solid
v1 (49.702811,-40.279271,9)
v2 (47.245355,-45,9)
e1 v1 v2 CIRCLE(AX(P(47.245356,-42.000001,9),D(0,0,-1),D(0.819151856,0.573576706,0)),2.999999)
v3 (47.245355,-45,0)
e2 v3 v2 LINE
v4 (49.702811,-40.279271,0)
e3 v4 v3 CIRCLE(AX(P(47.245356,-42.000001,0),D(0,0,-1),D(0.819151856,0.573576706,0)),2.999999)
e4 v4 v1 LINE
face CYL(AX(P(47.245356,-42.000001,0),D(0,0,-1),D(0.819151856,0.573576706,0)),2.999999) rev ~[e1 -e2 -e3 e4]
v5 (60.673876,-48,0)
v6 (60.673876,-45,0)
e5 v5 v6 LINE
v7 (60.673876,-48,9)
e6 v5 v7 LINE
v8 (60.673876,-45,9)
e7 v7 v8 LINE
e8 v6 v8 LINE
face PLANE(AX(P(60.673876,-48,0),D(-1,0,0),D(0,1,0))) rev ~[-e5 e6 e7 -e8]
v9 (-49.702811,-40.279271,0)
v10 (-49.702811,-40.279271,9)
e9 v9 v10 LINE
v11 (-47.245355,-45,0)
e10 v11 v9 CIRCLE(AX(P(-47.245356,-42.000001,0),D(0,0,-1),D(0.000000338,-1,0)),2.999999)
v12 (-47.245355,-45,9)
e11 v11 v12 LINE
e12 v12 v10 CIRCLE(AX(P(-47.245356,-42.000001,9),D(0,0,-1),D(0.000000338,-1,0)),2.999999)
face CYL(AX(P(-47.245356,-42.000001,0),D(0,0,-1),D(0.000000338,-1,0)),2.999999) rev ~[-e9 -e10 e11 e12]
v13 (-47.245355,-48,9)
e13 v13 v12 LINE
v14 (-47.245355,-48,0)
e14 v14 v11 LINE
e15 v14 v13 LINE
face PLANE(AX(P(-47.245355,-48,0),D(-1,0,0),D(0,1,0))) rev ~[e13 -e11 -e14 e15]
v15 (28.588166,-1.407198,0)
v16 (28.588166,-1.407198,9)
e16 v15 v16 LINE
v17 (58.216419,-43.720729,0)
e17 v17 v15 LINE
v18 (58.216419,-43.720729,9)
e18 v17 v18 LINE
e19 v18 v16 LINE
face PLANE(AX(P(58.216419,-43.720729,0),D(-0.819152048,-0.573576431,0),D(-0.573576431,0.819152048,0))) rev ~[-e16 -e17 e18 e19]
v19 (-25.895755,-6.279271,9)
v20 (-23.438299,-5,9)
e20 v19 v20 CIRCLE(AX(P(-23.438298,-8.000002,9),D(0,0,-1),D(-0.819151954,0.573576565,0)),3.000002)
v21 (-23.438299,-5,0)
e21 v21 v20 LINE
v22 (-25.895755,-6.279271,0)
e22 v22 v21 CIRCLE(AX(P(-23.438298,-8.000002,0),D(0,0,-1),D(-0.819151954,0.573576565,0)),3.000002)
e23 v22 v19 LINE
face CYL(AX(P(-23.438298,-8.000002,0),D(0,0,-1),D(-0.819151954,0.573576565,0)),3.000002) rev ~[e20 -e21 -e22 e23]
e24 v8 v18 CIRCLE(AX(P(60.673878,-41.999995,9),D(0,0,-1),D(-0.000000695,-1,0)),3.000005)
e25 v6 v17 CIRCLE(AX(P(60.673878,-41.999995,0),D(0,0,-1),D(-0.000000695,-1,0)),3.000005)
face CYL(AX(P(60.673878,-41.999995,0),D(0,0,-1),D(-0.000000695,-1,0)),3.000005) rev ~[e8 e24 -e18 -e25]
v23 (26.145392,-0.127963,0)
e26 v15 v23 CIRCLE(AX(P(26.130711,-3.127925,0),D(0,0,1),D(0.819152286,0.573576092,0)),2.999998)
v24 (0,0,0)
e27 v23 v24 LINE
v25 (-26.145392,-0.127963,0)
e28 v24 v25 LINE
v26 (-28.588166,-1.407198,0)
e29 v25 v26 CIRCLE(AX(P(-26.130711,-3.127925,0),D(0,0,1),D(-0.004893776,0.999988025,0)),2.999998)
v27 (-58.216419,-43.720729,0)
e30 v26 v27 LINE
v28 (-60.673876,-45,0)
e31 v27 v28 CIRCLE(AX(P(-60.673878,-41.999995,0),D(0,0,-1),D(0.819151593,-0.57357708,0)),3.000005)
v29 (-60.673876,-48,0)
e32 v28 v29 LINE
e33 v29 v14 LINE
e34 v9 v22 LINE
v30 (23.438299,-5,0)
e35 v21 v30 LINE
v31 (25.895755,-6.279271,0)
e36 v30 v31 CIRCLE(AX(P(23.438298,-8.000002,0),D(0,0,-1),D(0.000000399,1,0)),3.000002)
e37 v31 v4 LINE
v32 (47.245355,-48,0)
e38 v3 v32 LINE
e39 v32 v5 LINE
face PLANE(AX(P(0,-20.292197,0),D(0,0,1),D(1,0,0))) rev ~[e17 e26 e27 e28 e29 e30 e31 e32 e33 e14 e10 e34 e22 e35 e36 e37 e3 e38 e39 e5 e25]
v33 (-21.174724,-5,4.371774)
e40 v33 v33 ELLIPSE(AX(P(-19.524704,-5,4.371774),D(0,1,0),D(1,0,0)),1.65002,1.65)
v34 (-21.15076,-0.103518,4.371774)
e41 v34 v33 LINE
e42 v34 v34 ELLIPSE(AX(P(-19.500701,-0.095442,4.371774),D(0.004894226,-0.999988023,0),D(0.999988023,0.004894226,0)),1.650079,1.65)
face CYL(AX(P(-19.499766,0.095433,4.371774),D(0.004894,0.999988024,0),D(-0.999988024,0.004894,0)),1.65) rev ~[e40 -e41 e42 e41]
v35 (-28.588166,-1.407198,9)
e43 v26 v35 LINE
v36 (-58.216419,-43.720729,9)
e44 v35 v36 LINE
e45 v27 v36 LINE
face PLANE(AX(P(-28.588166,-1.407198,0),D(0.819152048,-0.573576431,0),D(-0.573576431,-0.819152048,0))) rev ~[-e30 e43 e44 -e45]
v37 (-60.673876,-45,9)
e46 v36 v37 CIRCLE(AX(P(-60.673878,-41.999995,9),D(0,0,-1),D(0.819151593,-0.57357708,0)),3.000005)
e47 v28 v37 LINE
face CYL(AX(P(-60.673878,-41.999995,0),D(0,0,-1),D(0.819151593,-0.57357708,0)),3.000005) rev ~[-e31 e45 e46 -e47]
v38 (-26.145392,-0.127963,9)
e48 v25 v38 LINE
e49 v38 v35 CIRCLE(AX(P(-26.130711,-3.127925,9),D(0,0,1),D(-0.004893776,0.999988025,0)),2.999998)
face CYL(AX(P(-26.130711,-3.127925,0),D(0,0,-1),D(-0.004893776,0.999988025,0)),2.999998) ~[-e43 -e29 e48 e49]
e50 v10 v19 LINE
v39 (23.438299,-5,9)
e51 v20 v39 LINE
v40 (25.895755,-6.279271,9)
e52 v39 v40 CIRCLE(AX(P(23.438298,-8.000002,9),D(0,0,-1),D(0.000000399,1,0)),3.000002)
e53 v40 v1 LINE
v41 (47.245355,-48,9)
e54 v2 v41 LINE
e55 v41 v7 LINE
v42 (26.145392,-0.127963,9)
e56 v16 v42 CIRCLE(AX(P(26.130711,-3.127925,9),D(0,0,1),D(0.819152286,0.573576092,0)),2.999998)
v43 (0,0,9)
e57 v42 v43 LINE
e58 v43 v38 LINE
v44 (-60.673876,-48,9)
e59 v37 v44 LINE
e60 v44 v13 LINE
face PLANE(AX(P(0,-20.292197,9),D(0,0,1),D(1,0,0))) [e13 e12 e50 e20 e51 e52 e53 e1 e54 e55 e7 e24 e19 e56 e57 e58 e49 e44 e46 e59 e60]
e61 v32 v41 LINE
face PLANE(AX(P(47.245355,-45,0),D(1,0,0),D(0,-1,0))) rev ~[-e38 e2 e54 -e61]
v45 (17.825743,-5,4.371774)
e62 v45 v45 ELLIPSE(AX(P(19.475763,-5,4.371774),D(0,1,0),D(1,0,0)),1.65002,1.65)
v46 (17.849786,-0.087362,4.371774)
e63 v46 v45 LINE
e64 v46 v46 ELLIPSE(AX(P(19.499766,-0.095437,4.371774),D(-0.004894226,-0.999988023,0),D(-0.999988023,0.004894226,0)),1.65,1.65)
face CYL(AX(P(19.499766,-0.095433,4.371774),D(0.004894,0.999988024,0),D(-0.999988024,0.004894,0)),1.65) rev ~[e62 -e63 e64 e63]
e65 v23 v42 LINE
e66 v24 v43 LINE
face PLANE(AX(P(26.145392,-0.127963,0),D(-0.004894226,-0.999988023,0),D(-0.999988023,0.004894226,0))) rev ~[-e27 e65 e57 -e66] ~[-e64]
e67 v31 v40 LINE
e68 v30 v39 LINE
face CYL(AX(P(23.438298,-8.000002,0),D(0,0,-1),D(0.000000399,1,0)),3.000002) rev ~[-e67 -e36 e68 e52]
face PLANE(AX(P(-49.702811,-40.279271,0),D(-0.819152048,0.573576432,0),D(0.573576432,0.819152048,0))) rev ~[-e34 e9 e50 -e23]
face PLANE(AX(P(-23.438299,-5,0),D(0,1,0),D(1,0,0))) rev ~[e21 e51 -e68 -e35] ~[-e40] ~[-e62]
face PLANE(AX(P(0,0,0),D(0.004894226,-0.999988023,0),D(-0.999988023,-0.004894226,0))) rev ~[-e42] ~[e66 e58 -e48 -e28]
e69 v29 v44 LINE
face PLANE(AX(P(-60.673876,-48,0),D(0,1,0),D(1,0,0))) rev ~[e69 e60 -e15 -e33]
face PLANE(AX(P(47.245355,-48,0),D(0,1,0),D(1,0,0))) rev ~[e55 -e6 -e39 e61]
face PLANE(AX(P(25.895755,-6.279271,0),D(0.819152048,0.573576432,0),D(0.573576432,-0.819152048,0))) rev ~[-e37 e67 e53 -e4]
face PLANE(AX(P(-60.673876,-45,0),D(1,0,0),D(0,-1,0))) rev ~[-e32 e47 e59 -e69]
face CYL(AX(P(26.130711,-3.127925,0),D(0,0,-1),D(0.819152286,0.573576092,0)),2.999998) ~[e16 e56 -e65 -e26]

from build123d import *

# Parameters (mm, degrees)
F1_DEPTH = 9
F2_R     = 1.65
F3_DEPTH = 25


with BuildPart() as f1:
    # F0 (on Top) → F1 (new body)
    with BuildSketch(Plane.XY):
        with BuildLine():
            Line((-49.702811, -40.279271), (-25.895755, -6.279271))
            ThreePointArc((-25.895755, -6.279271), (-24.823545, -5.338968), (-23.438299, -5))
            Line((-23.438299, -5), (0, -5))
            Line((0, -5), (23.438299, -5))
            ThreePointArc((23.438299, -5), (24.823545, -5.338968), (25.895755, -6.279271))
            Line((25.895755, -6.279271), (49.702811, -40.279271))
            ThreePointArc((49.702811, -40.279271), (49.906388, -43.385246), (47.245355, -45))
            Line((47.245355, -45), (47.245355, -48))
            Line((47.245355, -48), (60.673876, -48))
            Line((60.673876, -48), (60.673876, -45))
            ThreePointArc((60.673876, -45), (59.28863, -44.661032), (58.216419, -43.720729))
            Line((58.216419, -43.720729), (28.588166, -1.407198))
            ThreePointArc((28.588166, -1.407198), (27.522463, -0.470292), (26.145392, -0.127963))
            Line((26.145392, -0.127963), (0, 0))
            Line((0, 0), (-26.145392, -0.127963))
            ThreePointArc((-26.145392, -0.127963), (-27.522463, -0.470292), (-28.588166, -1.407198))
            Line((-28.588166, -1.407198), (-58.216419, -43.720729))
            ThreePointArc((-58.216419, -43.720729), (-59.28863, -44.661032), (-60.673876, -45))
            Line((-60.673876, -45), (-60.673876, -48))
            Line((-60.673876, -48), (-47.245355, -48))
            Line((-47.245355, -48), (-47.245355, -45))
            ThreePointArc((-47.245355, -45), (-49.906388, -43.385246), (-49.702811, -40.279271))
        make_face()
    extrude(amount=F1_DEPTH)

    # F2 (on face) → F3 (cut)
    with BuildSketch(Plane(origin=(0, 0, 0), x_dir=(-0.999988, 0.004894, 0), z_dir=(0.004894, 0.999988, 0))):
        with Locations((-19.5, 4.371774)):
            Circle(F2_R)
        with Locations((19.5, 4.371774)):
            Circle(F2_R)
    extrude(amount=-F3_DEPTH, mode=Mode.SUBTRACT)


solid = f1.part
